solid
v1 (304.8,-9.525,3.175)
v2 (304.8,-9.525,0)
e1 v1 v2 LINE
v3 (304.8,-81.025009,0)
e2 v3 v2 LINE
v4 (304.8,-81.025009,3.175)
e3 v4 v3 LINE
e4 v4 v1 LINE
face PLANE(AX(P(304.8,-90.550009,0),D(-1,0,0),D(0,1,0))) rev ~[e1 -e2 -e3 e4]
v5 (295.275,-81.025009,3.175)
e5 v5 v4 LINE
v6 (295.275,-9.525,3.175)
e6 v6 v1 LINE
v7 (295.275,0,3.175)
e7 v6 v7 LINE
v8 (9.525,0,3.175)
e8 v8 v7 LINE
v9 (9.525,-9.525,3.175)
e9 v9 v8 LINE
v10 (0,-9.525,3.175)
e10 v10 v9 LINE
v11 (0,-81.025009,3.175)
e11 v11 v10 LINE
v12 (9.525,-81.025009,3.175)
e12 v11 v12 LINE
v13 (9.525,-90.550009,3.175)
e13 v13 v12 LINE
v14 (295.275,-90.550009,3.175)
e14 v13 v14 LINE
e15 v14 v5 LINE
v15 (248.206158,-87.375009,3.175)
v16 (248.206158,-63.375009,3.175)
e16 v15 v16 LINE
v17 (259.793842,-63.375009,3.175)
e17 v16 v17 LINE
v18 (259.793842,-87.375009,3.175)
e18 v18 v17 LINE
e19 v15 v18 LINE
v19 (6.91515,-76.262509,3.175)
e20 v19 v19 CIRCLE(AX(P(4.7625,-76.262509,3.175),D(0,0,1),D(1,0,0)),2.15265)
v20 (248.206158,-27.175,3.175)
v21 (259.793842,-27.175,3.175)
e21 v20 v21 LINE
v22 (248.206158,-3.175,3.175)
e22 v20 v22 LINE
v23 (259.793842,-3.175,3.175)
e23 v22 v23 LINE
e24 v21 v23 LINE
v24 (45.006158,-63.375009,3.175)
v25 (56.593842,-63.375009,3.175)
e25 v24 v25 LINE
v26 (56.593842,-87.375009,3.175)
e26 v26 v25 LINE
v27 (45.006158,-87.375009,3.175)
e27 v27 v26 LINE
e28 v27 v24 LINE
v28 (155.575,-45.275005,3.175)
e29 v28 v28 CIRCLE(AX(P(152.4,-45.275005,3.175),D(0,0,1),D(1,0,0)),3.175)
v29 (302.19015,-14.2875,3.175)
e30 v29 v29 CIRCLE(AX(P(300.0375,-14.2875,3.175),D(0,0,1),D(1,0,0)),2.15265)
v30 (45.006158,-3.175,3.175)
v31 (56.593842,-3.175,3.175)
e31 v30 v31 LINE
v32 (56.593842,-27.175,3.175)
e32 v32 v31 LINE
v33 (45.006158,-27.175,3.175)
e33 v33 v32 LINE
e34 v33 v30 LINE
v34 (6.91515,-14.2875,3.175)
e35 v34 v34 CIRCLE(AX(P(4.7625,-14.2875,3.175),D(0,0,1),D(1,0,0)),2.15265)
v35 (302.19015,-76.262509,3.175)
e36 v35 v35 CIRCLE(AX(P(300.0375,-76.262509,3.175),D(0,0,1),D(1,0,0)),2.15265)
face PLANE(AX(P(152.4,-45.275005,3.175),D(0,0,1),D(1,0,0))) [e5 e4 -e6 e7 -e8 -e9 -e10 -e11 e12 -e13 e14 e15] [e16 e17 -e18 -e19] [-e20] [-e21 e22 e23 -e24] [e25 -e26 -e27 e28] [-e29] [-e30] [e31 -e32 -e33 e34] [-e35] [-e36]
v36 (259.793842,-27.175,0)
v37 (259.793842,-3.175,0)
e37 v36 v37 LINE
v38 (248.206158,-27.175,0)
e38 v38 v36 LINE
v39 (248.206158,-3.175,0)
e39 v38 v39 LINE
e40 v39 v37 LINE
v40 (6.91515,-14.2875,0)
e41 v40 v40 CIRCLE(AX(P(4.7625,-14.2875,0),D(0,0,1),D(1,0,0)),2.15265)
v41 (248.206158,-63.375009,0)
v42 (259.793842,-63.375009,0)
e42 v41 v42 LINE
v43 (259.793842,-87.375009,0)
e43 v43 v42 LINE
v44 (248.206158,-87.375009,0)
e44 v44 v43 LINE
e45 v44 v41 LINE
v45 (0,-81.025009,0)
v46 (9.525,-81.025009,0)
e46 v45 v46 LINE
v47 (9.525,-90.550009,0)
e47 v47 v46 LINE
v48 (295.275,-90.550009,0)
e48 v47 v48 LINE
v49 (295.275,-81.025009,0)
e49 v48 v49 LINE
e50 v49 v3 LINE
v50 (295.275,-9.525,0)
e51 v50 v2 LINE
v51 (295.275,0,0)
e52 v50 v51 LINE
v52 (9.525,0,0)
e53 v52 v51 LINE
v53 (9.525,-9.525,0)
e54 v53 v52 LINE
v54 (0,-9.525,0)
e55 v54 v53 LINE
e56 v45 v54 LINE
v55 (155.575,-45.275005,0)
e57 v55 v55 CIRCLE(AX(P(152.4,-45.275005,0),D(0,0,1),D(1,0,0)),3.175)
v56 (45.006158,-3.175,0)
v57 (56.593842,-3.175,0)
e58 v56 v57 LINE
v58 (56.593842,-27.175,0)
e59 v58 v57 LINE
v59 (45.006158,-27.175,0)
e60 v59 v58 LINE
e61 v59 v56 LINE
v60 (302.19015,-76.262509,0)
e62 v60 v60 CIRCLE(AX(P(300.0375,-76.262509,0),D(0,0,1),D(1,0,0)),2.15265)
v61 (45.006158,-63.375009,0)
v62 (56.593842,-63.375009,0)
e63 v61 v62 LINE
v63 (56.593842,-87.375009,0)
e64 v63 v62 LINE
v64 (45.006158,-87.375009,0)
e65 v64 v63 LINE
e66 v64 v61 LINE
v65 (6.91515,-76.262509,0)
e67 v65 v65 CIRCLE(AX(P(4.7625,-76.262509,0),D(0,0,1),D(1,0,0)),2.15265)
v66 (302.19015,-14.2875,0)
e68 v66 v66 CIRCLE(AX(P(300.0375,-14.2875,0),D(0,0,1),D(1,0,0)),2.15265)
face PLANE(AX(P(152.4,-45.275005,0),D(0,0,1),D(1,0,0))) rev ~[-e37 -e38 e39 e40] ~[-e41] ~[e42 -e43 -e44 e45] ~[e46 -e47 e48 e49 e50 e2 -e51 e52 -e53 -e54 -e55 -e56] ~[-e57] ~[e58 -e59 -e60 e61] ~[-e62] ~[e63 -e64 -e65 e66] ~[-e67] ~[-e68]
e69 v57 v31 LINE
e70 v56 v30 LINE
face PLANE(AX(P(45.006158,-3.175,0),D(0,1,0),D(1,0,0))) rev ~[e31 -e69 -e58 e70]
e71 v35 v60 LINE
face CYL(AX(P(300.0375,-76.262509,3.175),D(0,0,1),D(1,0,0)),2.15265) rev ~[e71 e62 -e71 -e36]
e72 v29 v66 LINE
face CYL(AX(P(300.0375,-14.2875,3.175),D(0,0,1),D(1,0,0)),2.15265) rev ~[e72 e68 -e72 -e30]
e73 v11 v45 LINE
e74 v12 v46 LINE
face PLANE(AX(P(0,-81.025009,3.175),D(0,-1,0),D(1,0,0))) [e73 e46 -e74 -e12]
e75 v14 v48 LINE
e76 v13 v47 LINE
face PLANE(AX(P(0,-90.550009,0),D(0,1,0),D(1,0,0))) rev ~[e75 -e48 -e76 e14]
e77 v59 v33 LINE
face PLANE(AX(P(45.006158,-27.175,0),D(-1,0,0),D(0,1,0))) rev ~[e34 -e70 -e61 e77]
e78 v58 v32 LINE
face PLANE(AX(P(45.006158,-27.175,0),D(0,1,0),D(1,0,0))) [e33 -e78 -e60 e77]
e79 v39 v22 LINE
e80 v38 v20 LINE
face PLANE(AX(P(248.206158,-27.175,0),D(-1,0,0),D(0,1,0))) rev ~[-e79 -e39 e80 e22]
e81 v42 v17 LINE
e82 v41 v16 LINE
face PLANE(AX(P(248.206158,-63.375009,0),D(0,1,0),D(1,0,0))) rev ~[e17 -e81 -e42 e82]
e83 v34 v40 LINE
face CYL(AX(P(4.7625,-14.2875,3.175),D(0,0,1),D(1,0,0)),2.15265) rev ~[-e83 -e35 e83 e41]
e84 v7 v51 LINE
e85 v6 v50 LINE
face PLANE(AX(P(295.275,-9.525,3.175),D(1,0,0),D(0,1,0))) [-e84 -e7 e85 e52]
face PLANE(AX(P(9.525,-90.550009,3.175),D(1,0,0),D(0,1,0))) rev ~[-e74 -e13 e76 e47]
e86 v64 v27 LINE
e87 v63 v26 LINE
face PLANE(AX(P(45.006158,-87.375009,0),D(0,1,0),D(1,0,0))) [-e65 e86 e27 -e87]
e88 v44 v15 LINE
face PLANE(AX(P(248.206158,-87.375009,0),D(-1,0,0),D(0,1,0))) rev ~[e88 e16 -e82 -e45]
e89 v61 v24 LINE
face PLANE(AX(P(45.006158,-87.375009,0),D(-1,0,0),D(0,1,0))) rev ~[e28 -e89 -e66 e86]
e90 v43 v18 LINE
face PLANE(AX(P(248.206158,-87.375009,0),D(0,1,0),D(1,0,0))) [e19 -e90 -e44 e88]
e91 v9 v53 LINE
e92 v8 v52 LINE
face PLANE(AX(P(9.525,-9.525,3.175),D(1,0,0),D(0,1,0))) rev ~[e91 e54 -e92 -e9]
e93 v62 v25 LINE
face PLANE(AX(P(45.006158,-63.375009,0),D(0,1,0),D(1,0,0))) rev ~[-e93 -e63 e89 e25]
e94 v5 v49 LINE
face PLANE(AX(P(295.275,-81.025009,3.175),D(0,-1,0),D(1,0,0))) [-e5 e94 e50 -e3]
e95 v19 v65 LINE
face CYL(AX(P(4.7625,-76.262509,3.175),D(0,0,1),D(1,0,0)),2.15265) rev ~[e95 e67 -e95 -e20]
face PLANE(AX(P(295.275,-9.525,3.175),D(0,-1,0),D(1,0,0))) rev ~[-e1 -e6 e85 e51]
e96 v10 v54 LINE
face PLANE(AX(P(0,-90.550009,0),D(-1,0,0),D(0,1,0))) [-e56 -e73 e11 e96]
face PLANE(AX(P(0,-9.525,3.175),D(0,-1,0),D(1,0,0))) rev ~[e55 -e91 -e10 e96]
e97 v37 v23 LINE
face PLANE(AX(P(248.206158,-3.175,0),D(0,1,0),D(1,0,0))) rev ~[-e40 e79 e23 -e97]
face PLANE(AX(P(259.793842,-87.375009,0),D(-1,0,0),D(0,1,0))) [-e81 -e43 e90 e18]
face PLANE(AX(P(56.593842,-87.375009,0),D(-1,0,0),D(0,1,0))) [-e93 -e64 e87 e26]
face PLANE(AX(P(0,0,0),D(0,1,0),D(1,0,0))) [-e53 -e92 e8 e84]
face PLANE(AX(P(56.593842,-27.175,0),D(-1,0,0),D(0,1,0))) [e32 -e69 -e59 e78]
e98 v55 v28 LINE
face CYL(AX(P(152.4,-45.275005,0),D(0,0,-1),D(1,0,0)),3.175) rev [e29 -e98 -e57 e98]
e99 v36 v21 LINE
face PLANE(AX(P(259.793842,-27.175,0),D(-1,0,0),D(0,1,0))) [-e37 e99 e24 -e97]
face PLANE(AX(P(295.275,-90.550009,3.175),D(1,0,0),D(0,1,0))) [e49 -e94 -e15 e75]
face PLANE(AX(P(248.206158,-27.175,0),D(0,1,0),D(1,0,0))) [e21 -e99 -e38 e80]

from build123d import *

# Parameters (mm, degrees)
F0_W     = 304.8
F0_H     = 90.5500094
F0_W_2   = 11.5876832
F0_H_2   = 24
F0_R     = 3.175
F1_DEPTH = 3.175
F2_R     = 2.15265
F3_DEPTH = 3.175
F4_W     = 9.525
F4_H     = 9.525
F5_DEPTH = 3.175


with BuildPart() as f1:
    # F0 (on Top) → F1 (new body)
    with BuildSketch(Plane.XY):
        with Locations((152.4, -45.2750047)):
            Rectangle(F0_W, F0_H)
        with Locations((50.8, -75.3750094)):
            Rectangle(F0_W_2, F0_H_2, mode=Mode.SUBTRACT)
        with Locations((254, -75.3750094)):
            Rectangle(F0_W_2, F0_H_2, mode=Mode.SUBTRACT)
        with Locations((50.8, -15.175)):
            Rectangle(F0_W_2, F0_H_2, mode=Mode.SUBTRACT)
        with Locations((152.4, -45.2750047)):
            Circle(F0_R, mode=Mode.SUBTRACT)
        with Locations((254, -15.175)):
            Rectangle(F0_W_2, F0_H_2, mode=Mode.SUBTRACT)
    extrude(amount=F1_DEPTH)

    # F2 (on face) → F3 (cut, through all)
    with BuildSketch(Plane.XY.offset(3.175)):
        with Locations((4.7625, -14.2875)):
            Circle(F2_R)
        with Locations((4.7625, -76.2625094)):
            Circle(F2_R)
        with Locations((300.0375, -76.2625094)):
            Circle(F2_R)
        with Locations((300.0375, -14.2875)):
            Circle(F2_R)
    extrude(amount=-F3_DEPTH, mode=Mode.SUBTRACT)

    # F4 (on face) → F5 (cut, through all)
    with BuildSketch(Plane.XY.offset(3.175)):
        with Locations((300.0375, -4.7625)):
            Rectangle(F4_W, F4_H)
        with Locations((300.0375, -85.7875094)):
            Rectangle(F4_W, F4_H)
        with Locations((4.7625, -85.7875094)):
            Rectangle(F4_W, F4_H)
        with Locations((4.7625, -4.7625)):
            Rectangle(F4_W, F4_H)
    extrude(amount=-F5_DEPTH, mode=Mode.SUBTRACT)


solid = f1.part
